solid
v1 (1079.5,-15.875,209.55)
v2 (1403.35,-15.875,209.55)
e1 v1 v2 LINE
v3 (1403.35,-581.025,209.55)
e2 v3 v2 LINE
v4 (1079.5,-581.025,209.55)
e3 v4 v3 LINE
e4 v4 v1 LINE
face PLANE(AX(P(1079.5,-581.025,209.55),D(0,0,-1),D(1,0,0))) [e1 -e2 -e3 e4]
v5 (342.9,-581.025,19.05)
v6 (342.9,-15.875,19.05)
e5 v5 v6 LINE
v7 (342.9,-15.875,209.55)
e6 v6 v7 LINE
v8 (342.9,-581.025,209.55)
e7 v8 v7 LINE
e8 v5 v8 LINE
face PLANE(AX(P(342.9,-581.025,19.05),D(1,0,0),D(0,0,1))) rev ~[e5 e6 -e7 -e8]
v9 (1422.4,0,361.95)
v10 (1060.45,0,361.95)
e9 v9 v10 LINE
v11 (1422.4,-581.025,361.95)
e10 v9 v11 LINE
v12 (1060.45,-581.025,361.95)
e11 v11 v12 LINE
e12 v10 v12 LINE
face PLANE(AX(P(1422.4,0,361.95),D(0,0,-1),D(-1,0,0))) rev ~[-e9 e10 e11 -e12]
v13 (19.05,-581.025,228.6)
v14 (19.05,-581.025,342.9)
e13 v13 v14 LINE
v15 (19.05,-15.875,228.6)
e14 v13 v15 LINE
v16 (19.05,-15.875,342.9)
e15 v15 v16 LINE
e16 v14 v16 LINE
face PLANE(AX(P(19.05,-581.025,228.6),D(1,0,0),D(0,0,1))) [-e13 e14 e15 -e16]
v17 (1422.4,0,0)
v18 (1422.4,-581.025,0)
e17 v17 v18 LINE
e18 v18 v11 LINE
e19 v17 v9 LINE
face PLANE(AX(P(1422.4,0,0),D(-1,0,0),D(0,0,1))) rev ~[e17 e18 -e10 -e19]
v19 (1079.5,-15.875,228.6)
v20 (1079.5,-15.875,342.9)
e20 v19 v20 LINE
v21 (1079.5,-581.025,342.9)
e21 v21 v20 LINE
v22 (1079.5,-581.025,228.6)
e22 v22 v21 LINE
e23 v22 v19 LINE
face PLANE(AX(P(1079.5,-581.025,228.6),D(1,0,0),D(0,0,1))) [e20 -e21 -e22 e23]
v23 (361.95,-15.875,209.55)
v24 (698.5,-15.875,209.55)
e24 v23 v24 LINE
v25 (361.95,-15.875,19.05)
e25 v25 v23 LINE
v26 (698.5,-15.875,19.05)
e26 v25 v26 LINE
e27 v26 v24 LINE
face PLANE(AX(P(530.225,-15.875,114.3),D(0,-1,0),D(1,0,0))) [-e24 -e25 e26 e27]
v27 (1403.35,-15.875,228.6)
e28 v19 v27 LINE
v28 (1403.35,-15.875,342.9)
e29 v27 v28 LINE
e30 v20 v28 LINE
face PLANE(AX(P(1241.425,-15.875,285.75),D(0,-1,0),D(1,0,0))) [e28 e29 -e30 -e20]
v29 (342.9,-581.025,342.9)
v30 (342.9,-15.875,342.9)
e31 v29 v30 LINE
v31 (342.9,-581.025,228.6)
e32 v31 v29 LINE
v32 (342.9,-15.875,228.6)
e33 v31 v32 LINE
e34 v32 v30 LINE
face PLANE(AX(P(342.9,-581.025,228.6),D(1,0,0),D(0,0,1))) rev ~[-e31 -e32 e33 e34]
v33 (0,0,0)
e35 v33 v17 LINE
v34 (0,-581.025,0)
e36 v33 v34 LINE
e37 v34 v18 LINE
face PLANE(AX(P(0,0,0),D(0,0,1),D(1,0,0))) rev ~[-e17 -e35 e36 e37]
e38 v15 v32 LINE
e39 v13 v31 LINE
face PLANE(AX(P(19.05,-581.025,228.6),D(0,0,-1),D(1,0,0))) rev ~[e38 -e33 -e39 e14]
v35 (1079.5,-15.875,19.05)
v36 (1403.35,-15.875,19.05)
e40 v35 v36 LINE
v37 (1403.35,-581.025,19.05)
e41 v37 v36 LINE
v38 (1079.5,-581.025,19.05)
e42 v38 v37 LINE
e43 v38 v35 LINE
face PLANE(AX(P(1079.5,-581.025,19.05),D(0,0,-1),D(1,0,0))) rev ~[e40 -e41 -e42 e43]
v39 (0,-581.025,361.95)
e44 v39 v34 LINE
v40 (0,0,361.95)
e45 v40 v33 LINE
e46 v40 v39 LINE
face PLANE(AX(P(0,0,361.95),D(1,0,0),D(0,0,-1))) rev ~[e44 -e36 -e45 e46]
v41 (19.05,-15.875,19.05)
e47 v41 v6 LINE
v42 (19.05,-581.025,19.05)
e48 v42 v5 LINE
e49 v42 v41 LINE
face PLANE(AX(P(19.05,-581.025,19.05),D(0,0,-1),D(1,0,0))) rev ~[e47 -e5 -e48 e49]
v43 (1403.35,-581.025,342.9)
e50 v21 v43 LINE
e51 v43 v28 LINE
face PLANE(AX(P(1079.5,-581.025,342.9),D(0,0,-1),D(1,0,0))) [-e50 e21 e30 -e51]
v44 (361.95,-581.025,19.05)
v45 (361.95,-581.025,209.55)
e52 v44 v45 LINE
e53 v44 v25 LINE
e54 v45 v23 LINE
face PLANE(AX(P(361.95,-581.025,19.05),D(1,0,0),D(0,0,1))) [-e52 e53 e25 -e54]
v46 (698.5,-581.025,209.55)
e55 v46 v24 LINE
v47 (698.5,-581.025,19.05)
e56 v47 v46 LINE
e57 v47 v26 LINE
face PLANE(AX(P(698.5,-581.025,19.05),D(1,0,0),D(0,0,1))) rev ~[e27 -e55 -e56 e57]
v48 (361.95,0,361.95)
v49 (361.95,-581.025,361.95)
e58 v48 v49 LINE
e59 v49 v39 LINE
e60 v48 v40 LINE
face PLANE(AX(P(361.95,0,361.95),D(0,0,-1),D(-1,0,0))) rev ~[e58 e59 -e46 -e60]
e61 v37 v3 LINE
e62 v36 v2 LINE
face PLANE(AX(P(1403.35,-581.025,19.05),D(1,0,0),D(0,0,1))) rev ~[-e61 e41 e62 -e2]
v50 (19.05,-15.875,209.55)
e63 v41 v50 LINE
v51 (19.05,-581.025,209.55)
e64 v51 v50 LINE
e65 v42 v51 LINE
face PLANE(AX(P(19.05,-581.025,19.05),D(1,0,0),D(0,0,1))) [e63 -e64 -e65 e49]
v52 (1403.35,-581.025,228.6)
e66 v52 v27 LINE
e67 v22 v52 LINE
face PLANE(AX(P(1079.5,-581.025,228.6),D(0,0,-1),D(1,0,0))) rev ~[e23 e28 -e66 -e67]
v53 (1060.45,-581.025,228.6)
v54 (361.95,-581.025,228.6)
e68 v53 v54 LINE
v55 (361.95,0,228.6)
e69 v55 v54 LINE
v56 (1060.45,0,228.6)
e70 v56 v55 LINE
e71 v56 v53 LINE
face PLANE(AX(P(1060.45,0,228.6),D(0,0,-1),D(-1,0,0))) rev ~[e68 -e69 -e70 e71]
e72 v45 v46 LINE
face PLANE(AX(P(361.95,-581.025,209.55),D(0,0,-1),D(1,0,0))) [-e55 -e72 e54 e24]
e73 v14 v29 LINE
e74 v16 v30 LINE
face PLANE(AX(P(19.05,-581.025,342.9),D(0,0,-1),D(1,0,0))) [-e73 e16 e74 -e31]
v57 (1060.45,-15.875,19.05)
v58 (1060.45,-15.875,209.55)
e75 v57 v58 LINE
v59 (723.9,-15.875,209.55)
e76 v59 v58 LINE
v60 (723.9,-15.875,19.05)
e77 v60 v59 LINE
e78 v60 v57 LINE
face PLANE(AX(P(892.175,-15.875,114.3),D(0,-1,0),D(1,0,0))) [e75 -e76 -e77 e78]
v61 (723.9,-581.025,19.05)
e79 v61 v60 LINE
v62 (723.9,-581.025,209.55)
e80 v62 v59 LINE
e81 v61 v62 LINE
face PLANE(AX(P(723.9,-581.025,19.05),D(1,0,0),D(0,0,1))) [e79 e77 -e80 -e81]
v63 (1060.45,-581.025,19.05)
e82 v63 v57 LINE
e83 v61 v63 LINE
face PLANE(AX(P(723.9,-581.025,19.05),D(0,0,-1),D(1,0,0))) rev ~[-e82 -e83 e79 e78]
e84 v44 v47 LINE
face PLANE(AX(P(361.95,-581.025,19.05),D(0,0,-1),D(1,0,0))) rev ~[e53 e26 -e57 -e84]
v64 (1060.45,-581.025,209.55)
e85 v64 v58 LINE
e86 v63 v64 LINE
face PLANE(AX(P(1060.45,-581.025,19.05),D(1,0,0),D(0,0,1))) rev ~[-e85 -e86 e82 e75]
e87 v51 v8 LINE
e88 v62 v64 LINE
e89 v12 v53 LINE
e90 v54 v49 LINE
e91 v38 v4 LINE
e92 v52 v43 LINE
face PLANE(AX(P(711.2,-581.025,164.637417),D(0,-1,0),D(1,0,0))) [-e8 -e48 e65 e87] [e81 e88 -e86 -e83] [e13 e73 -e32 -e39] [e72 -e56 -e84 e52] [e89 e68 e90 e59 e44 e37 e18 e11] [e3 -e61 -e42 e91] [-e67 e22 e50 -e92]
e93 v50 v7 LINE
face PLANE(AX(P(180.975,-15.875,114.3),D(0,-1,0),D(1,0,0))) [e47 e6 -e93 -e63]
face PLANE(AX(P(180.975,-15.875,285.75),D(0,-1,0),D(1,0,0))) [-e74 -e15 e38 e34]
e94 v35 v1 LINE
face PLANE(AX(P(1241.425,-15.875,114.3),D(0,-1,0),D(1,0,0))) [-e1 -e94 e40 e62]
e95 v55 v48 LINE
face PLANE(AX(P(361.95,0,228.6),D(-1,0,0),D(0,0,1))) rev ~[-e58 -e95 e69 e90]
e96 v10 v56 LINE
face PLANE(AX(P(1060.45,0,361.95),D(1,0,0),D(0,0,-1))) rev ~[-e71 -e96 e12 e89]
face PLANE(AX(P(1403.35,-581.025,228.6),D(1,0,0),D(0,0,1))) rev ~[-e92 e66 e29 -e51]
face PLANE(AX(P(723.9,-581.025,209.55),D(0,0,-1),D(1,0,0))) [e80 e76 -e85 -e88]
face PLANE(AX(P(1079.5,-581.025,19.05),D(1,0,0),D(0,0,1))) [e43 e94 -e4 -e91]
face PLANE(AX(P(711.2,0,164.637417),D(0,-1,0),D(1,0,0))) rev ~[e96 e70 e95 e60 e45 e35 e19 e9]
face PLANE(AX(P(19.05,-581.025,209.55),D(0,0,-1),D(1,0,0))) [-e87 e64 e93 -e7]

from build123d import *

# Parameters (mm, degrees)
F1_DEPTH = 581.025
F2_W     = 323.85
F2_H     = 114.3
F2_H_2   = 190.5
F2_W_2   = 336.55
F3_DEPTH = 565.15


with BuildPart() as f1:
    # F0 (on Front) → F1 (new body)
    with BuildSketch(Plane.XZ):
        Polygon((0, 361.95), (0, 0), (1422.4, 0), (1422.4, 361.95), (1060.45, 361.95), (1060.45, 228.6), (361.95, 228.6), (361.95, 361.95), align=None)
    extrude(amount=F1_DEPTH)

    # F2 (on face) → F3 (cut)
    with BuildSketch(Plane.XZ.offset(581.025)):
        with Locations((180.975, 285.75)):
            Rectangle(F2_W, F2_H)
        with Locations((180.975, 114.3)):
            Rectangle(F2_W, F2_H_2)
        with Locations((530.225, 114.3)):
            Rectangle(F2_W_2, F2_H_2)
        with Locations((892.175, 114.3)):
            Rectangle(F2_W_2, F2_H_2)
        with Locations((1241.425, 114.3)):
            Rectangle(F2_W, F2_H_2)
        with Locations((1241.425, 285.75)):
            Rectangle(F2_W, F2_H)
    extrude(amount=-F3_DEPTH, mode=Mode.SUBTRACT)


solid = f1.part
